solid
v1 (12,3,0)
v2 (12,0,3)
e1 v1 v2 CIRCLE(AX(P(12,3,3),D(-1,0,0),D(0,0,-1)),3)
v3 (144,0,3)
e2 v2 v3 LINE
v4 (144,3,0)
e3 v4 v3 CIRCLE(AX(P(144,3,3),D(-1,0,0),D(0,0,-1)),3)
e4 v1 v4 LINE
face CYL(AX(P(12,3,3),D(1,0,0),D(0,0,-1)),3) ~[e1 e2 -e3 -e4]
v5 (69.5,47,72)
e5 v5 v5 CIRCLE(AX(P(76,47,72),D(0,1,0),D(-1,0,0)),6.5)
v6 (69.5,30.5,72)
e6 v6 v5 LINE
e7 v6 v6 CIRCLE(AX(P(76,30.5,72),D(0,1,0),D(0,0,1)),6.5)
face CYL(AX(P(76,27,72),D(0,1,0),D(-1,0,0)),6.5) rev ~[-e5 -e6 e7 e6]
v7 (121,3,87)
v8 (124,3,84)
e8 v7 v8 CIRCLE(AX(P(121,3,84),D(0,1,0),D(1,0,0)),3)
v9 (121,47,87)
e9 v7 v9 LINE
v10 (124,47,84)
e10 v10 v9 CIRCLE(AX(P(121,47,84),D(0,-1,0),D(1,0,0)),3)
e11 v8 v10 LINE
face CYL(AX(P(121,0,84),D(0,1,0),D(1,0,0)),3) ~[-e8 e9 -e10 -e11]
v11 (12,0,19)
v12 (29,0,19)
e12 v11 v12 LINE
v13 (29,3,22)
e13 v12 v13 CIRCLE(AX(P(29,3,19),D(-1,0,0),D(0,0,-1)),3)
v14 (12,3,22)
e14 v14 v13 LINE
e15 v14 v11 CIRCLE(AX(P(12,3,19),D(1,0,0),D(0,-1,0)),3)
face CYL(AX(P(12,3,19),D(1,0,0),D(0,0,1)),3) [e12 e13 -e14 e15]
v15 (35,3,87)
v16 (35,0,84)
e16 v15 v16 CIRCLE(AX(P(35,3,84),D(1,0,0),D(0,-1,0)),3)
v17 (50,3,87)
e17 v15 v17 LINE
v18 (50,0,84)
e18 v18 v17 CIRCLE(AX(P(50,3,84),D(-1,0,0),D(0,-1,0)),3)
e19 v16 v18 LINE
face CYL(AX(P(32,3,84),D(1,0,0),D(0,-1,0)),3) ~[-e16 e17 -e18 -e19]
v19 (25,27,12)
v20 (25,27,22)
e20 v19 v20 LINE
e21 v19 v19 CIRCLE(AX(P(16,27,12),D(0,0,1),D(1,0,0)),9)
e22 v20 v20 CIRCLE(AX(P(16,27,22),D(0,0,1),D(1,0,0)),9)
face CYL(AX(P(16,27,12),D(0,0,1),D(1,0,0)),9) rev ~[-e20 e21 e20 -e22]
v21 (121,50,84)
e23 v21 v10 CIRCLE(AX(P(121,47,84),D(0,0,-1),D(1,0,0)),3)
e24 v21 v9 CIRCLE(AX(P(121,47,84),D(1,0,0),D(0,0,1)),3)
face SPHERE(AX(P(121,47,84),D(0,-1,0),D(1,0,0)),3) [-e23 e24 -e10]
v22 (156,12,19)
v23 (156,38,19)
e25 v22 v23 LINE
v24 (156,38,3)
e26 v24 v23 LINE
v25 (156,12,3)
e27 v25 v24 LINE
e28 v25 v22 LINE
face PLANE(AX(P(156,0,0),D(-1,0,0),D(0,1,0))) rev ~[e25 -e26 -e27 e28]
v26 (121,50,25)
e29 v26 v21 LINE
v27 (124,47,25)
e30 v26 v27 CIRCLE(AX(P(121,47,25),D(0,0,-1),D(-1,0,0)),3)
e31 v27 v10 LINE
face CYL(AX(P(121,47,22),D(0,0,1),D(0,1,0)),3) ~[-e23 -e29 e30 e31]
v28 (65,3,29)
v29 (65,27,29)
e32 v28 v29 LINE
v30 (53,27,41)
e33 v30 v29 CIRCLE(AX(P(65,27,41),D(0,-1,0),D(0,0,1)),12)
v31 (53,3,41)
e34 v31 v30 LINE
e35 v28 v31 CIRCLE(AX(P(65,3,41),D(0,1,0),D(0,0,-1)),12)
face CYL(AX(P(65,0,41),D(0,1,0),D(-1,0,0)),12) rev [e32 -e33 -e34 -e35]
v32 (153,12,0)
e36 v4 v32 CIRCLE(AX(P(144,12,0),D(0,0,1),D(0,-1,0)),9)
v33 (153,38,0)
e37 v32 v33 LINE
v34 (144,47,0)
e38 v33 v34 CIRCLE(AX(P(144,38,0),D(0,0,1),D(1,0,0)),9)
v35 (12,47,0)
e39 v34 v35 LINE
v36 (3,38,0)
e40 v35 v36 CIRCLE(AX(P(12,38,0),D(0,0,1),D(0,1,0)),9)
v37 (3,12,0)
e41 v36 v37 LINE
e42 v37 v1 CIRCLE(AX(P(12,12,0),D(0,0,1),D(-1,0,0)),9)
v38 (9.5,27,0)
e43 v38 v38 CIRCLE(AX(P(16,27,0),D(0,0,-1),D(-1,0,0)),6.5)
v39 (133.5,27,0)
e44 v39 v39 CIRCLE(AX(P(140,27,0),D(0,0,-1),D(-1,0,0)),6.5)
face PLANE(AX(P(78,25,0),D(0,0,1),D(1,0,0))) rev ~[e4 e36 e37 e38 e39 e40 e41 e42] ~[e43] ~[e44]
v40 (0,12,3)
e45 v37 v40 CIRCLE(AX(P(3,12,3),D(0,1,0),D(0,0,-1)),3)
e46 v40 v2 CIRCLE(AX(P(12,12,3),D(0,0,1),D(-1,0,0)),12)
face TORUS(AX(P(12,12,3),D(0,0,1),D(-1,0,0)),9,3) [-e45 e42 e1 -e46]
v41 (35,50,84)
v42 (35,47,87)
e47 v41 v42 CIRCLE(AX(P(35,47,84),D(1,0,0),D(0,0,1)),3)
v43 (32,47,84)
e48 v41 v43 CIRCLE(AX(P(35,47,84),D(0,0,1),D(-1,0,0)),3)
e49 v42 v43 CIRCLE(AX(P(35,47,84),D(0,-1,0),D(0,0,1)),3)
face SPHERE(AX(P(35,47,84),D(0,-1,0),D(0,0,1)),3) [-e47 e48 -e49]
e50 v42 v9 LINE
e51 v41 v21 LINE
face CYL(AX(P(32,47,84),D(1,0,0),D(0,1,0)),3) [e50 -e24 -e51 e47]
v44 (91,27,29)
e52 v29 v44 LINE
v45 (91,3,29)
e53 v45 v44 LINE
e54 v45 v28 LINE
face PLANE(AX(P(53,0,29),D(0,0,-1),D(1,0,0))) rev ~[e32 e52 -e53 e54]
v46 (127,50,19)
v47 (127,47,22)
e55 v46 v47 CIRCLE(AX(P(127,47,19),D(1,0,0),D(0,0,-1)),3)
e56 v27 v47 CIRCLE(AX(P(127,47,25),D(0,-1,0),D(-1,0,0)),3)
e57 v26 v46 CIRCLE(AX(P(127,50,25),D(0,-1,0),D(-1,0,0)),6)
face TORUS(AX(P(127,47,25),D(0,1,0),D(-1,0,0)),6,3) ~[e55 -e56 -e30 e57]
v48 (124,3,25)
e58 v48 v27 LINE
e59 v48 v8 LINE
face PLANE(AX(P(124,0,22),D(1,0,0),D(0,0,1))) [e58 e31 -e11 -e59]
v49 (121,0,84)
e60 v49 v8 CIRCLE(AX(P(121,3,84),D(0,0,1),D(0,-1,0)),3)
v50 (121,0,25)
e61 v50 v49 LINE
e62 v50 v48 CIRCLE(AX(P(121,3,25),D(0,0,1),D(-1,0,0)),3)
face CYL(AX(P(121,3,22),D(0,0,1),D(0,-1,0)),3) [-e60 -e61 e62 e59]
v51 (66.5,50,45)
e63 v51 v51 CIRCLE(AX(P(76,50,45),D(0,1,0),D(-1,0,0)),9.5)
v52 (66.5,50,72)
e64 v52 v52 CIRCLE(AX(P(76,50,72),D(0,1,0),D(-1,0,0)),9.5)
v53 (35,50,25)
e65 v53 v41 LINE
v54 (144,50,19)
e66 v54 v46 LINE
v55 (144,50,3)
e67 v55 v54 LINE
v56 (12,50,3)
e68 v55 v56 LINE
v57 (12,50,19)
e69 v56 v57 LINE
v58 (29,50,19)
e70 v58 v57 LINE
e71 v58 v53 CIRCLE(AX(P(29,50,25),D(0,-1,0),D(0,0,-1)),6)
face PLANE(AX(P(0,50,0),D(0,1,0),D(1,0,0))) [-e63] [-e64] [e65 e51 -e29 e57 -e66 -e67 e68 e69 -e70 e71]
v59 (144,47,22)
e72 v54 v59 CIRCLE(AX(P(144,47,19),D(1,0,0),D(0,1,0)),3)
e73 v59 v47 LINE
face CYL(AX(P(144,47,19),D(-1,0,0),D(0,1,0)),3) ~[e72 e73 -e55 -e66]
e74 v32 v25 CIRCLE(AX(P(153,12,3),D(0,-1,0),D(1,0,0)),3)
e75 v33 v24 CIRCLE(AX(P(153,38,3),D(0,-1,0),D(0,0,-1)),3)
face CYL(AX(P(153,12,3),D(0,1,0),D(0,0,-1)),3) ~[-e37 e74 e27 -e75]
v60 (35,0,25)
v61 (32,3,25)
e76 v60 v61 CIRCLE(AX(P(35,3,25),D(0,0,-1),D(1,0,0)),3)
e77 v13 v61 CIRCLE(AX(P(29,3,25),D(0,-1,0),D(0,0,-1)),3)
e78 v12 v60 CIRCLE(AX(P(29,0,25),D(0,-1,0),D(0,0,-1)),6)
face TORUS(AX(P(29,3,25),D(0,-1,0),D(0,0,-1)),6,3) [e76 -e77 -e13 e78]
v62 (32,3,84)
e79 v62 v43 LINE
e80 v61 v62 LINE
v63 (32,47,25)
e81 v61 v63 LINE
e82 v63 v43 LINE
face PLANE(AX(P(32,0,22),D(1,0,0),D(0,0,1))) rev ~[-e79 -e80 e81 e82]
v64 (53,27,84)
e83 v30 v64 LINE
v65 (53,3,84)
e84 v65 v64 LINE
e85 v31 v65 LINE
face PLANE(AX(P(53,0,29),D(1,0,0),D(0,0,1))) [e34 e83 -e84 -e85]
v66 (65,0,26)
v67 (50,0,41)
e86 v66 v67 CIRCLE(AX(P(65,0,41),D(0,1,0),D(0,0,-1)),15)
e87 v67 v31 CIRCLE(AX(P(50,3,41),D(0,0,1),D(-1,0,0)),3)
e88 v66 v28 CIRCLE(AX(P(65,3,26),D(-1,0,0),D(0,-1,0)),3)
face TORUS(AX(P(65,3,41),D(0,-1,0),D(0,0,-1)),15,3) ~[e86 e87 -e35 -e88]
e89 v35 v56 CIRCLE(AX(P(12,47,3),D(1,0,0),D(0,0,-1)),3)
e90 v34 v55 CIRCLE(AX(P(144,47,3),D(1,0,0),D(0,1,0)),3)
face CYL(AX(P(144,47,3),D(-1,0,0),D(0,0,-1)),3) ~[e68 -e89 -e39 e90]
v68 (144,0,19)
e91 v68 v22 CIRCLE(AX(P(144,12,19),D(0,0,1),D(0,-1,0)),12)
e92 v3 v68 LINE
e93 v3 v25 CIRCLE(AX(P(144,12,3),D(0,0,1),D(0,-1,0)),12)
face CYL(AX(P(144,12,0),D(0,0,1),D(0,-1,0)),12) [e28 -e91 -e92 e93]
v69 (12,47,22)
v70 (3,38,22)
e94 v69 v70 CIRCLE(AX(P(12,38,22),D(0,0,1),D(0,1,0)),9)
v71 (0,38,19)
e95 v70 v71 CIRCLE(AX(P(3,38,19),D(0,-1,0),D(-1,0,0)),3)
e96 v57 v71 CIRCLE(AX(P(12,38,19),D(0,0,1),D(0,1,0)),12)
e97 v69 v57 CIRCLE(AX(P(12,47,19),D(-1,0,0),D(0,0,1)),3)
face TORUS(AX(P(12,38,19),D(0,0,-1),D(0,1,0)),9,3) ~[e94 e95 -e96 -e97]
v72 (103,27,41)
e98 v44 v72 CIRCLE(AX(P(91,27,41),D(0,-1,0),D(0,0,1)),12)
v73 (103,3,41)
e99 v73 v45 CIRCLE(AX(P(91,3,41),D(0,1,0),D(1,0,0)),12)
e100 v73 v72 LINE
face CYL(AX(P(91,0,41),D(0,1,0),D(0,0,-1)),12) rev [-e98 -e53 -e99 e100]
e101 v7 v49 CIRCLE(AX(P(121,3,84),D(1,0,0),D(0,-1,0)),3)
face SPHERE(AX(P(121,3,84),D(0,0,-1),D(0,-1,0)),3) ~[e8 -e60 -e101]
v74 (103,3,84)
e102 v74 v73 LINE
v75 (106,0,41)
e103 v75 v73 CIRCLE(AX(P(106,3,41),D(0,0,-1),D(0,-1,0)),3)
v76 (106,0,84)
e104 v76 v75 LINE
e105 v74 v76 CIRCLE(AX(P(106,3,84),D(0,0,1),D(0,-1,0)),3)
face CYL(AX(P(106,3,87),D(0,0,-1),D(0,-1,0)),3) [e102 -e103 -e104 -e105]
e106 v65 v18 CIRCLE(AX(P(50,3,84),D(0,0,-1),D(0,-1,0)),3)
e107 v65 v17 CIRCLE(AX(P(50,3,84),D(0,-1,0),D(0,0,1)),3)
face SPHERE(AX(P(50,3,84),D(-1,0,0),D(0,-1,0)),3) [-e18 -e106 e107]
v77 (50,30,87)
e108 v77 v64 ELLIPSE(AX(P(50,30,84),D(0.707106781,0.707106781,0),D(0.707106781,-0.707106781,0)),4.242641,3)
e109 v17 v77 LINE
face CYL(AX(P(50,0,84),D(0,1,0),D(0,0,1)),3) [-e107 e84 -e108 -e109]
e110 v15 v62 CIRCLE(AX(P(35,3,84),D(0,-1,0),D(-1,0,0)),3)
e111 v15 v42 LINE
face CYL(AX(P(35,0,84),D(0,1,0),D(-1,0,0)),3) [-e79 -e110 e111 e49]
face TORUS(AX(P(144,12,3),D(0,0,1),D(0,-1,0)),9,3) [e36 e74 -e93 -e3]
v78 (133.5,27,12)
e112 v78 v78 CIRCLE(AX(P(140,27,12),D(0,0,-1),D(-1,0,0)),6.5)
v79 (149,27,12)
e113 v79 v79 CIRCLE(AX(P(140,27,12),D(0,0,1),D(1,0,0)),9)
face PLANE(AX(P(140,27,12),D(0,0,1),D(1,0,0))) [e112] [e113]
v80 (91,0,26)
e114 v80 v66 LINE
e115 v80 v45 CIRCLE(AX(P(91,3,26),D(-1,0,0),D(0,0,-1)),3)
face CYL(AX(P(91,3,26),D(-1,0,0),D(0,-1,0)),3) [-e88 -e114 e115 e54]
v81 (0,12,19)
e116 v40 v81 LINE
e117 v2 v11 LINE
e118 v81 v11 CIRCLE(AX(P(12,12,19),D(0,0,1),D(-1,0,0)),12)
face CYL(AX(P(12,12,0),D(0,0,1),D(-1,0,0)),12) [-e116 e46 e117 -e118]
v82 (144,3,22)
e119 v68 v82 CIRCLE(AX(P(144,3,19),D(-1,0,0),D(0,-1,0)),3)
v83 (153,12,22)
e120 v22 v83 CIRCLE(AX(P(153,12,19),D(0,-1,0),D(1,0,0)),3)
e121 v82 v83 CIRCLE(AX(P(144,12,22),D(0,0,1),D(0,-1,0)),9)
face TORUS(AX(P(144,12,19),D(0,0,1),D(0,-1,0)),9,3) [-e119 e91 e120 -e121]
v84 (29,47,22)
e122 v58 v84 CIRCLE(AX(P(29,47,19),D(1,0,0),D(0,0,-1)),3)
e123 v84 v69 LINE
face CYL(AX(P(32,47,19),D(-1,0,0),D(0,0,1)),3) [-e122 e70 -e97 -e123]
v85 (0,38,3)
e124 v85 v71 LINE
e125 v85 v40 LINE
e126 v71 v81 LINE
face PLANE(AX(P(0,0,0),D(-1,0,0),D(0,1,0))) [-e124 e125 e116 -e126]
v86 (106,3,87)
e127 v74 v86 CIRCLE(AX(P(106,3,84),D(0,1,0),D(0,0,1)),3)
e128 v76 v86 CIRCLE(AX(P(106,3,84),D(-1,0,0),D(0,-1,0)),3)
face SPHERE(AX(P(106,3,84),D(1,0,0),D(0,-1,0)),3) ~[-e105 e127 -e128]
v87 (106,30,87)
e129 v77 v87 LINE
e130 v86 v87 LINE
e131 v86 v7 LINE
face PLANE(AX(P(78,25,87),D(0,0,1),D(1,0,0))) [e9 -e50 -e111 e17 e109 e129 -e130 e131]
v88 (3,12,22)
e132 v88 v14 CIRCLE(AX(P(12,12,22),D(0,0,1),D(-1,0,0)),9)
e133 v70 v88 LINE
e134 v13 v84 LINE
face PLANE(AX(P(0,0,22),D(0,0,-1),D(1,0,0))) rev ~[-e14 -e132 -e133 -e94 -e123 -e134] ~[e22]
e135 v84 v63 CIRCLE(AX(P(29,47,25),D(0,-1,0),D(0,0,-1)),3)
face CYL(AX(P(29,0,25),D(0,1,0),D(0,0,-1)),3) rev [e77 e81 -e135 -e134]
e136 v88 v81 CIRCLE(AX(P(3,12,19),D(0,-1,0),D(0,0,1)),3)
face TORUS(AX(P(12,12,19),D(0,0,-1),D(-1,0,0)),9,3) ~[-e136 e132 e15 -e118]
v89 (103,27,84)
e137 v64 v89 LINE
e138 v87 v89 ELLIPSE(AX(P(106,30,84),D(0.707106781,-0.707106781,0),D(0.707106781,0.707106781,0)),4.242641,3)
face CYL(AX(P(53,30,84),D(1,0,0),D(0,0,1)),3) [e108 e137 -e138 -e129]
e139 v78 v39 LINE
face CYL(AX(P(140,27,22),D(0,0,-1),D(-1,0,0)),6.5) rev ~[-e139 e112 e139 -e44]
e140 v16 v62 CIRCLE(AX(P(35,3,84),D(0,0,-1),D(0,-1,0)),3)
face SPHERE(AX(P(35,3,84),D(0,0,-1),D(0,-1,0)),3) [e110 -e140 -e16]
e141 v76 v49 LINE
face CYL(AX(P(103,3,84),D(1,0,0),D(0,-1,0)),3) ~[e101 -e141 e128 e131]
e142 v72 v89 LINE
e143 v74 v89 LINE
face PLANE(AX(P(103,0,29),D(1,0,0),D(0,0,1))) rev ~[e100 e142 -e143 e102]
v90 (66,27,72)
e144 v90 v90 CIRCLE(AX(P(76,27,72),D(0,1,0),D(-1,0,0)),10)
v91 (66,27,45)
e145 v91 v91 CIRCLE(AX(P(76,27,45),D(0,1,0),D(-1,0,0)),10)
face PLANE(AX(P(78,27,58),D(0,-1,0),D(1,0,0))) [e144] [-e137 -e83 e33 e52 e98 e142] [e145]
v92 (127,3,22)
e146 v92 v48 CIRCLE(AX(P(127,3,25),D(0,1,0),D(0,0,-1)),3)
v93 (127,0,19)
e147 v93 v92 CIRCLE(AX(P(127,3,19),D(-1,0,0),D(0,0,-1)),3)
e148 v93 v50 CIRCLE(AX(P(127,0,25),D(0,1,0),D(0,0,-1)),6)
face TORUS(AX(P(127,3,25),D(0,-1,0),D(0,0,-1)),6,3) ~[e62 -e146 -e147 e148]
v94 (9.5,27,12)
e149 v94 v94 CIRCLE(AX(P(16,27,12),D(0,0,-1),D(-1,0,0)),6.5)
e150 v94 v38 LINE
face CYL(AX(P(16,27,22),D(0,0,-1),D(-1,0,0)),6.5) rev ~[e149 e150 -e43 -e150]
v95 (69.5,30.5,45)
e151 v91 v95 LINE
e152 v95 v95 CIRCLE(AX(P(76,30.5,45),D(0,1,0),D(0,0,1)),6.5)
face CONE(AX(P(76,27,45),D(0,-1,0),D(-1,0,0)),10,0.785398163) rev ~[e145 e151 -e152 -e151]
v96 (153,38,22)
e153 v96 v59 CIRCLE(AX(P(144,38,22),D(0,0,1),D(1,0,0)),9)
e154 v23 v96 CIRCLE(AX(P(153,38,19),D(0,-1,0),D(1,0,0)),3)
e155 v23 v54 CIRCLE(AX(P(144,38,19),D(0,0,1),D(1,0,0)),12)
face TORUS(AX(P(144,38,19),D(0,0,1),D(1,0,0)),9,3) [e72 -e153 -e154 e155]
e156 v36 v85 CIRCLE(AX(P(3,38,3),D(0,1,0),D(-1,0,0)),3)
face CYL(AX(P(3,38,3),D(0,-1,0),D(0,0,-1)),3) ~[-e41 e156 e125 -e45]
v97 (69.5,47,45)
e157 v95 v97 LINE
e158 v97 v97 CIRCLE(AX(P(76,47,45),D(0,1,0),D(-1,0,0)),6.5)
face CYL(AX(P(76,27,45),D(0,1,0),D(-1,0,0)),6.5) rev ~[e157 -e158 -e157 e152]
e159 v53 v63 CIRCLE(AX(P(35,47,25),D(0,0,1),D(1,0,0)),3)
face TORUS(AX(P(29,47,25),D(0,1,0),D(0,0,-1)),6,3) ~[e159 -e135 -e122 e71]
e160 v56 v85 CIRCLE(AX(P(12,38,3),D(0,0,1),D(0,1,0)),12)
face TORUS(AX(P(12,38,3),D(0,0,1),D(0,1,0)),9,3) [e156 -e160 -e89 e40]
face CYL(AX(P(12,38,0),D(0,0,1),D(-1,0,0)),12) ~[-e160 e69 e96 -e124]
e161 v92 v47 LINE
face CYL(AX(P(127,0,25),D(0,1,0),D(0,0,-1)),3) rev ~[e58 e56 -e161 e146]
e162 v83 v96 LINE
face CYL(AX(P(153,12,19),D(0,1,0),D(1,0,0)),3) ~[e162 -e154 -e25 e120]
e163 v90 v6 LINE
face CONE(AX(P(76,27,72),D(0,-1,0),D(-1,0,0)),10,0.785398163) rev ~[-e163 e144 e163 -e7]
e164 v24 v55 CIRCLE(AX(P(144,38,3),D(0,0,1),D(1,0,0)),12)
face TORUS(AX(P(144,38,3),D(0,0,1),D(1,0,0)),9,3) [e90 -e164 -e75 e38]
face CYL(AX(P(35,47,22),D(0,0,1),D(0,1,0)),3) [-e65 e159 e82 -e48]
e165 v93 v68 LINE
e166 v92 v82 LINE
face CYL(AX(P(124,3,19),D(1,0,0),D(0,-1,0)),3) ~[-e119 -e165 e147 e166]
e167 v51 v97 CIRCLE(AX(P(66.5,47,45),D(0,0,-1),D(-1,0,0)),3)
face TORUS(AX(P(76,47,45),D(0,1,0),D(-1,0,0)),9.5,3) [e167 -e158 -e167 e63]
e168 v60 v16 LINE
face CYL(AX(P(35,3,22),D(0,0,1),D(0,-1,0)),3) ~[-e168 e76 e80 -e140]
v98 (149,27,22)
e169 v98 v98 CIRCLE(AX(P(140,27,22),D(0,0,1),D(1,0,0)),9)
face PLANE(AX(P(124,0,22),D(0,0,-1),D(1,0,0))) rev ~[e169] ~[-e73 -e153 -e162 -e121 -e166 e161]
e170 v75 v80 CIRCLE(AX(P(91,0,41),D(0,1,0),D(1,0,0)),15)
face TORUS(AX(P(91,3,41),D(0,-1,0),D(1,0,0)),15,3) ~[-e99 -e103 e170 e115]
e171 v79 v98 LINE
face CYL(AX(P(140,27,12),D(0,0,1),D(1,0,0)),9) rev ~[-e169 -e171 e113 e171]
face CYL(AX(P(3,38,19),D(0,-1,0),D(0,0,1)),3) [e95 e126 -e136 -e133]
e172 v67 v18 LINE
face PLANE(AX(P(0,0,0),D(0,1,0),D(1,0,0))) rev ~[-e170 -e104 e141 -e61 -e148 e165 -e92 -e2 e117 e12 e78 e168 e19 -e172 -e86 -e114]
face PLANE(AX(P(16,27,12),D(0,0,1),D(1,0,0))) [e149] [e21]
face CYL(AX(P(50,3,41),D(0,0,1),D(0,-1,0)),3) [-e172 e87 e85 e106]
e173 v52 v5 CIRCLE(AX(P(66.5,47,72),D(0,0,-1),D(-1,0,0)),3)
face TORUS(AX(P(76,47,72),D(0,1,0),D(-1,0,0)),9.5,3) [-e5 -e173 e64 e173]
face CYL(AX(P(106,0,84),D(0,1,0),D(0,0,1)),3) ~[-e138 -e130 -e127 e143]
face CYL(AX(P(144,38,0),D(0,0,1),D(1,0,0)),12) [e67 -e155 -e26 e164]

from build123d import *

# Parameters (mm, degrees)
F0_W           = 156
F0_H           = 50
F1_DEPTH       = 87
F2_W           = 32
F2_H           = 65
F3_DEPTH       = 50
F4_W           = 50
F4_H           = 58
F5_DEPTH       = 27
F7_D           = 13
F7_CBORE_D     = 18
F7_CBORE_DEPTH = 10
F9_D           = 13
F9_CSINK_D     = 20
F9_CSINK_ANGLE = 90
F10_R          = 12
F11_R          = 3


with BuildPart() as f1:
    # F0 (on Top) → F1 (new body)
    with BuildSketch(Plane.XY):
        with Locations((78, 25)):
            Rectangle(F0_W, F0_H)
    extrude(amount=F1_DEPTH)

    # F2 (on face) → F3 (cut, through all)
    with BuildSketch(Plane.XZ):
        with Locations((16, 54.5)):
            Rectangle(F2_W, F2_H)
        with Locations((140, 54.5)):
            Rectangle(F2_W, F2_H)
    extrude(amount=-F3_DEPTH, mode=Mode.SUBTRACT)

    # F4 (on face) → F5 (cut)
    with BuildSketch(Plane.XZ):
        with Locations((78, 58)):
            Rectangle(F4_W, F4_H)
    extrude(amount=-F5_DEPTH, mode=Mode.SUBTRACT)

    # F7 (through all)
    with Locations(Plane.XY.offset(22)):
        with Locations((16, 27), (140, 27)):
            CounterBoreHole(F7_D / 2, F7_CBORE_D / 2, F7_CBORE_DEPTH)

    # F9 (through all)
    with Locations(Plane.XZ.offset(-27)):
        with Locations((76, 72), (76, 45)):
            CounterSinkHole(F9_D / 2, F9_CSINK_D / 2, counter_sink_angle=F9_CSINK_ANGLE)

    # F10
    f10_edges = [f1.edges().sort_by_distance(p)[0] for p in [
        (53, 13.5, 29),
        (103, 13.5, 29),
        (0, 0, 11),
        (0, 50, 11),
        (156, 0, 11),
        (156, 50, 11),
    ]]
    fillet(f10_edges, radius=F10_R)

    # F11
    f11_edges = [f1.edges().sort_by_distance(p)[0] for p in [
        (78, 0, 0),
        (12, 0, 11),
        (144, 0, 11),
        (22, 0, 22),
        (134, 0, 22),
        (32, 0, 54.5),
        (124, 0, 54.5),
        (42.5, 0, 87),
        (113.5, 0, 87),
        (53, 0, 64),
        (103, 0, 64),
        (56.514719, 0, 32.514719),
        (99.485281, 0, 32.514719),
        (78, 0, 29),
        (124, 25, 87),
        (124, 25, 22),
        (124, 50, 54.5),
        (103, 13.5, 87),
        (78, 27, 87),
        (53, 13.5, 87),
        (32, 25, 87),
        (78, 50, 87),
        (78, 50, 0),
        (144, 50, 11),
        (12, 50, 11),
        (134, 50, 22),
        (22, 50, 22),
        (32, 50, 54.5),
        (69.5, 50, 72),
        (69.5, 50, 45),
        (32, 25, 22),
    ]]
    fillet(f11_edges, radius=F11_R)


solid = f1.part
